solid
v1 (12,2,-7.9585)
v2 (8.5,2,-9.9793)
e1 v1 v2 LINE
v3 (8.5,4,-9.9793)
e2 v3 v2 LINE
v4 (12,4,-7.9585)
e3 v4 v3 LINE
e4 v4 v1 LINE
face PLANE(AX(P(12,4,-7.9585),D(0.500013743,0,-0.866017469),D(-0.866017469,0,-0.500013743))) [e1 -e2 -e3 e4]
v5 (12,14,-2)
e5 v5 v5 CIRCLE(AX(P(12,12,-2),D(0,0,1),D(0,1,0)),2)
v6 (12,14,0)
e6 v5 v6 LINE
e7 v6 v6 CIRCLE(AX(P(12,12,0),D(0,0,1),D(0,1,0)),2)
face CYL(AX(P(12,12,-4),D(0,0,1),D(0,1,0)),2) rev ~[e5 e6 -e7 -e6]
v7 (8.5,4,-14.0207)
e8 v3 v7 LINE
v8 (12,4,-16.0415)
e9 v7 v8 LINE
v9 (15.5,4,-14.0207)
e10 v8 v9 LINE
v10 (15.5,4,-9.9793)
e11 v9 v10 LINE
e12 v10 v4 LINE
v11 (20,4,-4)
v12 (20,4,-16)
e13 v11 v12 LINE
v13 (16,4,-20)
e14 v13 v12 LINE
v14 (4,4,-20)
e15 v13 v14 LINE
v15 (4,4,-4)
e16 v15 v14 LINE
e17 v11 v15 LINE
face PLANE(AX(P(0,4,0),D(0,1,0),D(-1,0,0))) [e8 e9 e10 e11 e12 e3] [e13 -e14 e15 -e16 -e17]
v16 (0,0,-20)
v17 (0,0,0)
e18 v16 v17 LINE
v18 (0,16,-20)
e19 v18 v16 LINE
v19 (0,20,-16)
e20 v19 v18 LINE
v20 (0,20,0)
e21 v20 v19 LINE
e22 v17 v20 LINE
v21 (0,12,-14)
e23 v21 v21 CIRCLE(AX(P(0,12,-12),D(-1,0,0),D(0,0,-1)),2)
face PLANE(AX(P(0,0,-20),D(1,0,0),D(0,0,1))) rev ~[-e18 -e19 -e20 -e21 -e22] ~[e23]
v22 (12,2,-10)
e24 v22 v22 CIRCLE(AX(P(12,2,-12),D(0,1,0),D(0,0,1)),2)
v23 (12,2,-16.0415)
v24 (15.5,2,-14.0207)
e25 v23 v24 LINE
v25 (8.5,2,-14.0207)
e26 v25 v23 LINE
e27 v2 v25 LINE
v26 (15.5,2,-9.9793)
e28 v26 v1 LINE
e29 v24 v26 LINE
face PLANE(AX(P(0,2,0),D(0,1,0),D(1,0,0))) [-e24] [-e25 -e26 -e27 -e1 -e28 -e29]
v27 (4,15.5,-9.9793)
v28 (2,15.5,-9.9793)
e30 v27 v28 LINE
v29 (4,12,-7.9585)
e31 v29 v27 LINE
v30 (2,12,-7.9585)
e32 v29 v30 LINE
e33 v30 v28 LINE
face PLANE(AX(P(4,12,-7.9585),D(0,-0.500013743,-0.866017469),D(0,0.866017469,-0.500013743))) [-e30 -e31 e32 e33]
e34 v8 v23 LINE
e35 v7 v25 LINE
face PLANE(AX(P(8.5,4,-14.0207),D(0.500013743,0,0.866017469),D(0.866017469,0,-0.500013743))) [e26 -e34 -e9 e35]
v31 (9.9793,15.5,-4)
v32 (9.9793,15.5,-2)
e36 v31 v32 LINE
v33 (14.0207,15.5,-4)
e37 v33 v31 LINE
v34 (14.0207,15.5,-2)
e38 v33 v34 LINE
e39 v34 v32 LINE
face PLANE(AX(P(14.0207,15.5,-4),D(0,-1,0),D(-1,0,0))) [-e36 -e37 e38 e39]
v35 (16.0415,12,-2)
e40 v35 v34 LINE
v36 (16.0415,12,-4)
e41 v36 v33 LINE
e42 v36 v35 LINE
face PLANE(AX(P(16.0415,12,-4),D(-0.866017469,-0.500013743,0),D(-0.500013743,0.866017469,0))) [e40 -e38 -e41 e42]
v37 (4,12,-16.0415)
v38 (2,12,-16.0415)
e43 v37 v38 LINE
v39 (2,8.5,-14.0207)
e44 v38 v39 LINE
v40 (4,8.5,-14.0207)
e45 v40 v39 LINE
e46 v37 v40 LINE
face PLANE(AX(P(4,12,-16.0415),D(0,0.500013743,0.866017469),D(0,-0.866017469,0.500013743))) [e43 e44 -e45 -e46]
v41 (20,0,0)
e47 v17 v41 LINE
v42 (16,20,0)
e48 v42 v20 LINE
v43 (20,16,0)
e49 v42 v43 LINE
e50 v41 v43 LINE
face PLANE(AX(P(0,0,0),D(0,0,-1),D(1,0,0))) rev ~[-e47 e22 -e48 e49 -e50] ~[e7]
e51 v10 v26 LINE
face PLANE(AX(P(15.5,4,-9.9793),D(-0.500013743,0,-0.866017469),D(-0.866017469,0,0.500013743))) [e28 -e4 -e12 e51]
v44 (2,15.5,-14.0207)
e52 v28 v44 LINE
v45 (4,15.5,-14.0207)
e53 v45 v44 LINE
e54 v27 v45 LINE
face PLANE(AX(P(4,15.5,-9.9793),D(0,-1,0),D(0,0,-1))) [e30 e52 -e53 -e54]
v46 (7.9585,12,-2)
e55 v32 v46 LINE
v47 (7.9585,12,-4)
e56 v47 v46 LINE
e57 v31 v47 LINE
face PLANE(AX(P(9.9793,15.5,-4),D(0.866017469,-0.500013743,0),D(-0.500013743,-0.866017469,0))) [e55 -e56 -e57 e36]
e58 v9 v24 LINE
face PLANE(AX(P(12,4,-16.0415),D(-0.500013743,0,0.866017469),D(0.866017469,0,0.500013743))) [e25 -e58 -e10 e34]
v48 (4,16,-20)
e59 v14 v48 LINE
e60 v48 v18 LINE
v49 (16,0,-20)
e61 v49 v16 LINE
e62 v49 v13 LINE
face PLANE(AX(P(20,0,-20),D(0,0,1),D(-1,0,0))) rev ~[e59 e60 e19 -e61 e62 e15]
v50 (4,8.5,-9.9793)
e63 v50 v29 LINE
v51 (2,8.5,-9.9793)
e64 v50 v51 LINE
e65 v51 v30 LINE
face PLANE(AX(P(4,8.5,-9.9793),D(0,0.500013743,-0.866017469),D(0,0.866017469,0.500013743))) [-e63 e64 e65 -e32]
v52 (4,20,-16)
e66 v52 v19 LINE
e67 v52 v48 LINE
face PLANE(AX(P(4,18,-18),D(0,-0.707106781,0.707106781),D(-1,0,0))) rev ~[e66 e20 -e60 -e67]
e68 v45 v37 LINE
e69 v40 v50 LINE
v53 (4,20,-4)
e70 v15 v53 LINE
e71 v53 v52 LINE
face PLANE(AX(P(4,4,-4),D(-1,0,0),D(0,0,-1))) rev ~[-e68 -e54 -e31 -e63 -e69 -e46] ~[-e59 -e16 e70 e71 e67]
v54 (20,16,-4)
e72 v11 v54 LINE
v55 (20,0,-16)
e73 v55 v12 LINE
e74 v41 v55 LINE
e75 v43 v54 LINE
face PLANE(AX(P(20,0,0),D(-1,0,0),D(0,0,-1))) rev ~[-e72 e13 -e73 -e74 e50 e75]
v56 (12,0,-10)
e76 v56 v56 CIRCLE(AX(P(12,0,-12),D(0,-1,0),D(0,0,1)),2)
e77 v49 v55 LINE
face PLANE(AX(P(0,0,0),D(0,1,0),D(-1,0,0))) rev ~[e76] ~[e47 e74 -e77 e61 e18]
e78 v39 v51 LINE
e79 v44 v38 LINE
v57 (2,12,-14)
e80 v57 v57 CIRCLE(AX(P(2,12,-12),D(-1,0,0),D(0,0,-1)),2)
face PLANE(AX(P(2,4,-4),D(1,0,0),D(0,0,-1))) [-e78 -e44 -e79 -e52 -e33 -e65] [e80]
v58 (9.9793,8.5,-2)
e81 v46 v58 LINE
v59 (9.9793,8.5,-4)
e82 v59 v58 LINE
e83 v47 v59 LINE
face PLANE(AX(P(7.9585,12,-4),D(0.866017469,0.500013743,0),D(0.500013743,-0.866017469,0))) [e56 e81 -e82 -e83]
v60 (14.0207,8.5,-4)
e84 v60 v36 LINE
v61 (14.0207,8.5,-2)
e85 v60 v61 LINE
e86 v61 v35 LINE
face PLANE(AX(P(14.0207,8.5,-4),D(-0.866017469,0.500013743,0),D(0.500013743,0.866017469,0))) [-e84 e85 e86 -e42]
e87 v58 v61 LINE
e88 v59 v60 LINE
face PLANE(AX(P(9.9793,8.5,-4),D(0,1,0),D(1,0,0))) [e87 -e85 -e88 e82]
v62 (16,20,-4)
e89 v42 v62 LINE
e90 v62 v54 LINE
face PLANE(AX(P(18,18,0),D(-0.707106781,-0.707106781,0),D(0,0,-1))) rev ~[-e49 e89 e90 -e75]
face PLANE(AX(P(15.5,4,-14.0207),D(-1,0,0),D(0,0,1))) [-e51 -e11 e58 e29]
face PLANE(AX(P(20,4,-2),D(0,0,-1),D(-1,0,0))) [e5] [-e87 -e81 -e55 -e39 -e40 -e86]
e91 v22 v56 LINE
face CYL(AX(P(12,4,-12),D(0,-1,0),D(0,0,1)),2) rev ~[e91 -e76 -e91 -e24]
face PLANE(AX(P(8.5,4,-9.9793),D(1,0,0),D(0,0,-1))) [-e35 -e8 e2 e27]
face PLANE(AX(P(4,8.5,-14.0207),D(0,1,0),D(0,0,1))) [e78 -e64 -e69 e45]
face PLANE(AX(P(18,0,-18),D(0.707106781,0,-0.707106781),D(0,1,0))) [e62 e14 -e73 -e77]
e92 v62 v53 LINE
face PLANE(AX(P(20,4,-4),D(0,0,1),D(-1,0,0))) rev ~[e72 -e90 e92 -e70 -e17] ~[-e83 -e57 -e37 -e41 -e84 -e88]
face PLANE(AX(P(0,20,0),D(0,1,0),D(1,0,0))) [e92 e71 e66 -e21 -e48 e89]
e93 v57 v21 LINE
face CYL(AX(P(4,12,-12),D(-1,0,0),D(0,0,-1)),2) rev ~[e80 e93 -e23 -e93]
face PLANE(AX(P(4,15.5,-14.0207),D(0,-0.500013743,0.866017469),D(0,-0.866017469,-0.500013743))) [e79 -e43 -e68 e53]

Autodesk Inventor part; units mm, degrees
ref_plane "YZ Plane" through (0, 0, 0) normal (1, 0, 0) x (0, 1, 0)
ref_plane "XZ Plane" through (0, 0, 0) normal (0, 1, 0) x (-1, 0, 0)
ref_plane "XY Plane" through (0, 0, 0) normal (0, 0, 1) x (1, 0, 0)
sketch "Sketch1" plane through (0, 0, 0) normal (0, 1, 0) x (-1, 0, 0)
  line L0 (0, 0) -> (-20, 0)
  line L1 (-20, 0) -> (-20, -20)
  line L2 (-20, -20) -> (0, -20)
  line L3 (0, -20) -> (0, 0)
  dimension "d0" = 20
  dimension "d1" = 20
extrude "Extrusion1" add sketch "Sketch1" along normal blind 4
sketch "Sketch2" plane through (0, 4, 0) normal (0, 1, 0) x (1, 0, 0)
  line L0 (0, 0) -> (20, 0)
  line L1 (20, 0) -> (20, 4)
  line L2 (20, 4) -> (4, 4)
  line L3 (0, 4) -> (0, 0)
  line L4 (0, 0) -> (4, 0)
  line L5 (4, 20) -> (0, 20)
  line L6 (0, 20) -> (0, 0)
  line L7 (4, 4) -> (4, 20)
  line L8 (0, 0) -> (20, 0) projected
  line L9 (0, 0) -> (20, 0)
  line L10 (0, 20) -> (0, 0) projected
  line L11 (0, 0) -> (0, 20)
extrude "Extrusion2" add sketch "Sketch2" along normal blind 16
hole "Hole2" at (12, 12, -4) direction (0, 0, 1) diameter 4 end through all
hole "Hole3" at (4, 12, -12) direction (-1, 0, 0) diameter 4 end through all
hole "Hole4" at (12, 4, -12) direction (0, -1, 0) diameter 4 end through all
chamfer "Chamfer1" distance 4 angle 45 1 edges at (20, 2, -20)
chamfer "Chamfer2" distance 4 angle 45 1 edges at (20, 20, -2)
chamfer "Chamfer3" distance 4 angle 45 1 edges at (2, 20, -20)
sketch "Sketch3" plane through (20, 4, -4) normal (0, 0, -1) x (-1, 0, 0)
  line L0 (12.0415, 8) -> (10.0207, 4.5)
  line L1 (10.0207, 4.5) -> (5.9793, 4.5)
  line L2 (5.9793, 4.5) -> (3.9585, 8)
  line L3 (3.9585, 8) -> (5.9793, 11.5)
  line L4 (5.9793, 11.5) -> (10.0207, 11.5)
  line L5 (10.0207, 11.5) -> (12.0415, 8)
  point P0 (20, -4)
  point P1 (8, 8)
  dimension "d51" = 7
sketch "Sketch4" plane through (4, 4, -4) normal (1, 0, 0) x (0, 0, -1)
  line L0 (12.0415, 8) -> (10.0207, 4.5)
  line L1 (10.0207, 4.5) -> (5.9793, 4.5)
  line L2 (5.9793, 4.5) -> (3.9585, 8)
  line L3 (3.9585, 8) -> (5.9793, 11.5)
  line L4 (5.9793, 11.5) -> (10.0207, 11.5)
  line L5 (10.0207, 11.5) -> (12.0415, 8)
  point P0 (-4, -4)
  point P1 (8, 8)
  dimension "d52" = 7
sketch "Sketch5" plane through (0, 4, 0) normal (0, 1, 0) x (1, 0, 0)
  circle A0 centre (12, 12) radius 2 projected
  line L0 (12, 7.9585) -> (8.5, 9.9793)
  line L1 (8.5, 9.9793) -> (8.5, 14.0207)
  line L2 (8.5, 14.0207) -> (12, 16.0415)
  line L3 (12, 16.0415) -> (15.5, 14.0207)
  line L4 (15.5, 14.0207) -> (15.5, 9.9793)
  line L5 (15.5, 9.9793) -> (12, 7.9585)
  point P0 (0, 0)
  dimension "d53" = 7
extrude "Extrusion3" cut sketch "Sketch3" against normal blind 2
extrude "Extrusion4" cut sketch "Sketch4" against normal blind 2
extrude "Extrusion5" cut sketch "Sketch5" against normal blind 2
properties part number "Frame3WayBlock" material "PLA Orange"
